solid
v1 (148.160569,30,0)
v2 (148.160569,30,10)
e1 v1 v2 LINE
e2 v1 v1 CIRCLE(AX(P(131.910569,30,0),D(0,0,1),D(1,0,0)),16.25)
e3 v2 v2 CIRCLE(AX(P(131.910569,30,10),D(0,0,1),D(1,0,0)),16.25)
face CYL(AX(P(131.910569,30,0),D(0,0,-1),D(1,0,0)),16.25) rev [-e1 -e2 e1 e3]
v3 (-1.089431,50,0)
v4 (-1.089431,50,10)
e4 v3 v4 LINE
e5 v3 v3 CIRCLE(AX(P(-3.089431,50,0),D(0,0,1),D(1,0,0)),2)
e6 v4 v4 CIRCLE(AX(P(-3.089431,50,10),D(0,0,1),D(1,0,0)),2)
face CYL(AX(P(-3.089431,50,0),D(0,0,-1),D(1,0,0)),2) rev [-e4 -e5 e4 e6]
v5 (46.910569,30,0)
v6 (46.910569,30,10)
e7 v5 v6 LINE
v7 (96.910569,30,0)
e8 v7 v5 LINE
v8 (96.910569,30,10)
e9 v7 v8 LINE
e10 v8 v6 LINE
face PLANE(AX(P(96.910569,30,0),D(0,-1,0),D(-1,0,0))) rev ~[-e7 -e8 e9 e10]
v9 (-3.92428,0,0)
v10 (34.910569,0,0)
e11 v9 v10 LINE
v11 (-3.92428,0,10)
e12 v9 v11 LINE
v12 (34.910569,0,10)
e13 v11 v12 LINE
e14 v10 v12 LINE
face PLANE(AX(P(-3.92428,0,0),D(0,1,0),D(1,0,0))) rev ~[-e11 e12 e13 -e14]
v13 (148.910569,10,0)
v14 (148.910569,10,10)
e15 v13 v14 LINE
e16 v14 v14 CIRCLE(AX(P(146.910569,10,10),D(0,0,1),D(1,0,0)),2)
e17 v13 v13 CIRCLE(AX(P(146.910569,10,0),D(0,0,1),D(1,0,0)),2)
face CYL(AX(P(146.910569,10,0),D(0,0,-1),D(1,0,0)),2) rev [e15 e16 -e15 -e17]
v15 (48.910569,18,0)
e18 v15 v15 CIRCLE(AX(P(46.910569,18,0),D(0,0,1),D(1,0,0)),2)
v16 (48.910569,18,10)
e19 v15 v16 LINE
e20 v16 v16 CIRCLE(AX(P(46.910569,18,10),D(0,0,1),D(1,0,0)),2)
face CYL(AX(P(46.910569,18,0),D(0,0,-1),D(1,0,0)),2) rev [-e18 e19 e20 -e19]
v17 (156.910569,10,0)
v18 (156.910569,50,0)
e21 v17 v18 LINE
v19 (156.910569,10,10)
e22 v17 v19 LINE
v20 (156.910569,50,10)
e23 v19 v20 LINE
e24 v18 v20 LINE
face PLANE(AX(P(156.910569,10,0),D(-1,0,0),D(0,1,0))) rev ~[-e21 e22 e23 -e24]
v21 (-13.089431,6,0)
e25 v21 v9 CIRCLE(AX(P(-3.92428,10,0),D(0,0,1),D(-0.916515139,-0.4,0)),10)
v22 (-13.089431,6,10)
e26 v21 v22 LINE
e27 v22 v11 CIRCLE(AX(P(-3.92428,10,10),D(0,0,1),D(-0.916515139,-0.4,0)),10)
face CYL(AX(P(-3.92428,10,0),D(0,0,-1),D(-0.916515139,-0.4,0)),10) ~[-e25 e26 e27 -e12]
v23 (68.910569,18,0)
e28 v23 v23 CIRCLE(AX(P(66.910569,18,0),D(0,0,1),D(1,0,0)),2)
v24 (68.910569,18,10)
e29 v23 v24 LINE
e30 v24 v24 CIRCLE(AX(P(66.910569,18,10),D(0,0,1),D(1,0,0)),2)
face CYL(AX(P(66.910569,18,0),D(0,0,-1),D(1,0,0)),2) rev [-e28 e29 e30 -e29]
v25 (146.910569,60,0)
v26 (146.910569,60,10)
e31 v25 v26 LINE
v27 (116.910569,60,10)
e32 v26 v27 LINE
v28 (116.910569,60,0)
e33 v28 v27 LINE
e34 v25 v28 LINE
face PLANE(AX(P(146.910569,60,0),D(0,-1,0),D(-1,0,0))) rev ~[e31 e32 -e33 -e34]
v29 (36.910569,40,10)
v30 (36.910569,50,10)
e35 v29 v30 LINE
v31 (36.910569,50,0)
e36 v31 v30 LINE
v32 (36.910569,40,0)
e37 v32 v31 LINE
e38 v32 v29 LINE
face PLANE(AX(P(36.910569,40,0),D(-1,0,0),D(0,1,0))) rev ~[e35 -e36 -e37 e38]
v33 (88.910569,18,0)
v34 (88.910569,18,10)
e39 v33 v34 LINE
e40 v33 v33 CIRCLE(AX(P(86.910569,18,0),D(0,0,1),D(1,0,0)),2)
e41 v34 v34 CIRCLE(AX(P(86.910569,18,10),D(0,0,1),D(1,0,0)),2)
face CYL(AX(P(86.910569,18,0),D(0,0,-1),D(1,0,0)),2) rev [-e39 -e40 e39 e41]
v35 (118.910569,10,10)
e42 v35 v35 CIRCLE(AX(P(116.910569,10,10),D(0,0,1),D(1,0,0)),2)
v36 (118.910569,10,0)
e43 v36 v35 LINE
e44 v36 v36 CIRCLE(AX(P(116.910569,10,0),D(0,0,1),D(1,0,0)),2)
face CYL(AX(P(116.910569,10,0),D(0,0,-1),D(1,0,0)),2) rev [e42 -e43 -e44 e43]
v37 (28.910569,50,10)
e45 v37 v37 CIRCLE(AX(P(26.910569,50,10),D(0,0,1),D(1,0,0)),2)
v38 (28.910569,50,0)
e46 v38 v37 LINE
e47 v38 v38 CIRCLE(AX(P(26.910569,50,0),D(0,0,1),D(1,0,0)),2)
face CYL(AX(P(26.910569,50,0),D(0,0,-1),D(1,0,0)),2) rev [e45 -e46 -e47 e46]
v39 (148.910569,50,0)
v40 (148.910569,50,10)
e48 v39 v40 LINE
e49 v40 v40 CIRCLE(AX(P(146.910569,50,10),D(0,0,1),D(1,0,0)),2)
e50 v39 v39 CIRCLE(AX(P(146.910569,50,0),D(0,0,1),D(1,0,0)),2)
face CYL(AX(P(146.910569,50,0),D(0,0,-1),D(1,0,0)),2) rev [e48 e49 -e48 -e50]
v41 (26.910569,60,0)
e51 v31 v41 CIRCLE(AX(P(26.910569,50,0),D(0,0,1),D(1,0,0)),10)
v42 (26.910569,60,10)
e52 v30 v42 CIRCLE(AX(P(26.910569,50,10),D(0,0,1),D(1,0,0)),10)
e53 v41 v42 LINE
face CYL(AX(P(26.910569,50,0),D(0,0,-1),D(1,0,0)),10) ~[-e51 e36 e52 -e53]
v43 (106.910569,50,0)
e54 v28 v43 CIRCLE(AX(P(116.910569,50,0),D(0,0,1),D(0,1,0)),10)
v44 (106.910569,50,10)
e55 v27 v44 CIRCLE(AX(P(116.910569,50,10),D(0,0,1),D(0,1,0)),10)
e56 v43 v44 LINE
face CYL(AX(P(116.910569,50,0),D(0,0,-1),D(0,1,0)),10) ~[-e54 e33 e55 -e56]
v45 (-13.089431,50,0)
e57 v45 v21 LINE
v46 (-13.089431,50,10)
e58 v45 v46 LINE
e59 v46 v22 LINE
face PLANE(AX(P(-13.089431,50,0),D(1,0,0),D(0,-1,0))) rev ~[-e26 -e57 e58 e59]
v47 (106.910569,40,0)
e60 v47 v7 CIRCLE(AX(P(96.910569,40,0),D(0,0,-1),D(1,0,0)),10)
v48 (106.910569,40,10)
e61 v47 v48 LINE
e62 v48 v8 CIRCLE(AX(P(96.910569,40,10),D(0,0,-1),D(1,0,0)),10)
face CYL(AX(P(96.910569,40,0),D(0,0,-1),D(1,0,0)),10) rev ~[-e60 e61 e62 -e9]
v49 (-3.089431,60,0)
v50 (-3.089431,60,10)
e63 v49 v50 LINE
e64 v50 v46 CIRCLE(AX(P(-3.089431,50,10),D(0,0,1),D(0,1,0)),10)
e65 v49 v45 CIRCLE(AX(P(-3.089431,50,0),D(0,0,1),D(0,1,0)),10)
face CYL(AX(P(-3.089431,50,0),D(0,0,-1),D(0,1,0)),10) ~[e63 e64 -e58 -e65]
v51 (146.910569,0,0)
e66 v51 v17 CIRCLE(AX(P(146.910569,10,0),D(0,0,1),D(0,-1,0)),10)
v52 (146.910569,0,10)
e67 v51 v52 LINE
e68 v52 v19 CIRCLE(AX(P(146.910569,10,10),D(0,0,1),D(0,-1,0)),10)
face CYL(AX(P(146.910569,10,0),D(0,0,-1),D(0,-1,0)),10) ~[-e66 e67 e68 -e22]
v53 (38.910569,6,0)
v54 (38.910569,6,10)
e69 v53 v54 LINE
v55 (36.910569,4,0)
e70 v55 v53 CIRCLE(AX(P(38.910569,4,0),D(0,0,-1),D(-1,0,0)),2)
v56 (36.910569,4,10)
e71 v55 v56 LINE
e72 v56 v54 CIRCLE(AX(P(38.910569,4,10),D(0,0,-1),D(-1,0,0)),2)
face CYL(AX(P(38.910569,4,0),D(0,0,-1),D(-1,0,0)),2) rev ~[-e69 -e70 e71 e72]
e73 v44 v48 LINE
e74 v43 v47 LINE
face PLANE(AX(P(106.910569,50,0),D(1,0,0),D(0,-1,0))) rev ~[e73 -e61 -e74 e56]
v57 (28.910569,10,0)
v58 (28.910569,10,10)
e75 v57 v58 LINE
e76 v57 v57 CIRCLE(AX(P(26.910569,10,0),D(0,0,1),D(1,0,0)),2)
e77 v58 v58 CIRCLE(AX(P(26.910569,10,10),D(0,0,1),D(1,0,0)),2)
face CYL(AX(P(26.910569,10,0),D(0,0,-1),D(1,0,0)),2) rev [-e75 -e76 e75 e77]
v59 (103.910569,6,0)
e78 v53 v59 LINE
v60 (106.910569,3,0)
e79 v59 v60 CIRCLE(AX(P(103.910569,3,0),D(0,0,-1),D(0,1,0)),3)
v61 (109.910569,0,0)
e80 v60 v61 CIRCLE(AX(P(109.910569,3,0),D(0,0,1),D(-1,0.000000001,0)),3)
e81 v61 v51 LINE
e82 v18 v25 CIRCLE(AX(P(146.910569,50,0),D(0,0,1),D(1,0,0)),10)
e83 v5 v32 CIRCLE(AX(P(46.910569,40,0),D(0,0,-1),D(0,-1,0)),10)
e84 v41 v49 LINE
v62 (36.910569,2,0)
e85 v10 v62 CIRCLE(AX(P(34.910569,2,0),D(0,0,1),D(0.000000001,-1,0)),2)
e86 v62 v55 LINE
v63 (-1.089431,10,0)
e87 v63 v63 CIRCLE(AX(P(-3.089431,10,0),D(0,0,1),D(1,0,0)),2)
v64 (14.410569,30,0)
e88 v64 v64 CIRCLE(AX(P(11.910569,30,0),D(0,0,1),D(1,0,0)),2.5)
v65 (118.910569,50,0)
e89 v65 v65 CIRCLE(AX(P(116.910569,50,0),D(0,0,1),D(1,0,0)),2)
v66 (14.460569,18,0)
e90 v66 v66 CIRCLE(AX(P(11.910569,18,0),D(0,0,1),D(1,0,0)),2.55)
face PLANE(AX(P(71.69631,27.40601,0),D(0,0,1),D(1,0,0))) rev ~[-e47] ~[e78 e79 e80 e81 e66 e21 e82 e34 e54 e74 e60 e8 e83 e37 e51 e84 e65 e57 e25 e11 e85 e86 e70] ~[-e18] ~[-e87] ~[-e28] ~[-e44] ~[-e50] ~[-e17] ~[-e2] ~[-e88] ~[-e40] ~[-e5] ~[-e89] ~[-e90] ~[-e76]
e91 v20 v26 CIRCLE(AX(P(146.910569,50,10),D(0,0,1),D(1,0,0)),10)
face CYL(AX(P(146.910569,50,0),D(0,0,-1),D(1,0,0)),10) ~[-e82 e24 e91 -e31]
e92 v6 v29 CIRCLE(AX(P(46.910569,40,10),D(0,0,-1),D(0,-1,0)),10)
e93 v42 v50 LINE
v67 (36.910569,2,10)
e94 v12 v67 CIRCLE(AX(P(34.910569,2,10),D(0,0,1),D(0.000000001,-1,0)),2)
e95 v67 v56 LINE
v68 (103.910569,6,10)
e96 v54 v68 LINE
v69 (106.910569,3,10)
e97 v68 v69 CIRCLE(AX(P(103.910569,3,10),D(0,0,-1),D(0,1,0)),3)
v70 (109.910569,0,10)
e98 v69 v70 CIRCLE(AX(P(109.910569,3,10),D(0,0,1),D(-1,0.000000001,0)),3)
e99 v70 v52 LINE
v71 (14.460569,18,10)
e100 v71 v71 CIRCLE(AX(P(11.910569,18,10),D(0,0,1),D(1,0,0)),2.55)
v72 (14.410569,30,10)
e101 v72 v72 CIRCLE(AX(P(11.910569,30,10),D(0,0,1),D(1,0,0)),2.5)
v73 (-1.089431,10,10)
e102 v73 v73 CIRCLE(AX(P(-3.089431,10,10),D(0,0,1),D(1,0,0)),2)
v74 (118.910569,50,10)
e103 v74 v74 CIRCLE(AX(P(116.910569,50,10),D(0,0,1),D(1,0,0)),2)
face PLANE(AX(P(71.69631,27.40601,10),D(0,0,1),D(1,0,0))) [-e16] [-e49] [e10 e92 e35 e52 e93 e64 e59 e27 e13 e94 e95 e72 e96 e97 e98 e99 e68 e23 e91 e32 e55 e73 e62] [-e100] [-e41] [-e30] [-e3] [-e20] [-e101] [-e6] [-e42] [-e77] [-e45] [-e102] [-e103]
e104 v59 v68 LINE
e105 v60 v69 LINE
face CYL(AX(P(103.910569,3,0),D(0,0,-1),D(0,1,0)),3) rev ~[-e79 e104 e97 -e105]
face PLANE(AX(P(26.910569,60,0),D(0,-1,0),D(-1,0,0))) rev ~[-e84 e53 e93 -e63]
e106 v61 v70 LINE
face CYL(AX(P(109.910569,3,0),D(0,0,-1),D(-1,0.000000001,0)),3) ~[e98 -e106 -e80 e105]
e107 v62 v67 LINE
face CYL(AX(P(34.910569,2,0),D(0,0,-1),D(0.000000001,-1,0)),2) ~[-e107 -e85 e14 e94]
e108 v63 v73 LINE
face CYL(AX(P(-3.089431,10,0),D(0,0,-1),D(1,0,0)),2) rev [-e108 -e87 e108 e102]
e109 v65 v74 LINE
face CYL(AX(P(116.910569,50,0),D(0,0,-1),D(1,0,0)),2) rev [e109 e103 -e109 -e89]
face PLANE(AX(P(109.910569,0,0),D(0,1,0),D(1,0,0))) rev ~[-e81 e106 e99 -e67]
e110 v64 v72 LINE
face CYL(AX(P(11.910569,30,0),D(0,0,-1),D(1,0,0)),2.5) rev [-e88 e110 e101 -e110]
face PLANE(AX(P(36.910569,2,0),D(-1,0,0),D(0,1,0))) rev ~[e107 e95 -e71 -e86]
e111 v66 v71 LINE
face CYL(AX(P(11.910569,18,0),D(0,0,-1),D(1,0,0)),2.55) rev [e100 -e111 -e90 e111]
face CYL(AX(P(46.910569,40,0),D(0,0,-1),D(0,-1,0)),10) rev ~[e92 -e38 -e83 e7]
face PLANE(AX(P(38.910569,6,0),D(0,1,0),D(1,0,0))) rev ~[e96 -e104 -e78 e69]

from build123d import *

# Parameters (mm, degrees)
MODEL_R             = 2
MODEL_R_2           = 2.5
MODEL_R_3           = 2.55
MODEL_R_4           = 16.25
BOSS_EXTRUDE1_DEPTH = 10


with BuildPart() as part:
    # Model → Boss-Extrude1 (new body)
    with BuildSketch(Plane.XY):
        with BuildLine():
            Line((-13.089430894, 50), (-13.089430894, 6))
            ThreePointArc((-13.089430894, 6), (-9.401505079, 1.633399735), (-3.924279504, 0))
            Line((-3.924279504, 0), (34.910569106, 0))
            ThreePointArc((34.910569106, 0), (36.324782668, 0.585786438), (36.910569106, 2))
            Line((36.910569106, 2), (36.910569106, 4))
            ThreePointArc((36.910569106, 4), (37.496355543, 5.414213562), (38.910569106, 6))
            Line((38.910569106, 6), (103.910569106, 6))
            ThreePointArc((103.910569106, 6), (106.031889449, 5.121320344), (106.910569106, 3))
            ThreePointArc((106.910569106, 3), (107.789248762, 0.878679656), (109.910569106, 0))
            Line((109.910569106, 0), (146.910569106, 0))
            ThreePointArc((146.910569106, 0), (153.981636918, 2.928932188), (156.910569106, 10))
            Line((156.910569106, 10), (156.910569106, 50))
            ThreePointArc((156.910569106, 50), (153.981636918, 57.071067812), (146.910569106, 60))
            Line((146.910569106, 60), (116.910569106, 60))
            ThreePointArc((116.910569106, 60), (109.839501294, 57.071067812), (106.910569106, 50))
            Line((106.910569106, 50), (106.910569106, 40))
            ThreePointArc((106.910569106, 40), (103.981636918, 32.928932188), (96.910569106, 30))
            Line((96.910569106, 30), (46.910569106, 30))
            ThreePointArc((46.910569106, 30), (39.839501294, 32.928932188), (36.910569106, 40))
            Line((36.910569106, 40), (36.910569106, 50))
            ThreePointArc((36.910569106, 50), (33.981636918, 57.071067812), (26.910569106, 60))
            Line((26.910569106, 60), (-3.089430894, 60))
            ThreePointArc((-3.089430894, 60), (-10.160498706, 57.071067812), (-13.089430894, 50))
        make_face()
        with Locations((26.910569106, 50)):
            Circle(MODEL_R, mode=Mode.SUBTRACT)
        with Locations((26.910569106, 10)):
            Circle(MODEL_R, mode=Mode.SUBTRACT)
        with Locations((11.910569106, 30)):
            Circle(MODEL_R_2, mode=Mode.SUBTRACT)
        with Locations((146.910569106, 50)):
            Circle(MODEL_R, mode=Mode.SUBTRACT)
        with Locations((86.910569106, 18)):
            Circle(MODEL_R, mode=Mode.SUBTRACT)
        with Locations((146.910569106, 10)):
            Circle(MODEL_R, mode=Mode.SUBTRACT)
        with Locations((116.910569106, 10)):
            Circle(MODEL_R, mode=Mode.SUBTRACT)
        with Locations((46.910569106, 18)):
            Circle(MODEL_R, mode=Mode.SUBTRACT)
        with Locations((66.910569106, 18)):
            Circle(MODEL_R, mode=Mode.SUBTRACT)
        with Locations((116.910569106, 50)):
            Circle(MODEL_R, mode=Mode.SUBTRACT)
        with Locations((11.910569106, 18)):
            Circle(MODEL_R_3, mode=Mode.SUBTRACT)
        with Locations((-3.089430894, 10)):
            Circle(MODEL_R, mode=Mode.SUBTRACT)
        with Locations((-3.089430894, 50)):
            Circle(MODEL_R, mode=Mode.SUBTRACT)
        with Locations((131.910569106, 30)):
            Circle(MODEL_R_4, mode=Mode.SUBTRACT)
    extrude(amount=BOSS_EXTRUDE1_DEPTH)


solid = part.part
